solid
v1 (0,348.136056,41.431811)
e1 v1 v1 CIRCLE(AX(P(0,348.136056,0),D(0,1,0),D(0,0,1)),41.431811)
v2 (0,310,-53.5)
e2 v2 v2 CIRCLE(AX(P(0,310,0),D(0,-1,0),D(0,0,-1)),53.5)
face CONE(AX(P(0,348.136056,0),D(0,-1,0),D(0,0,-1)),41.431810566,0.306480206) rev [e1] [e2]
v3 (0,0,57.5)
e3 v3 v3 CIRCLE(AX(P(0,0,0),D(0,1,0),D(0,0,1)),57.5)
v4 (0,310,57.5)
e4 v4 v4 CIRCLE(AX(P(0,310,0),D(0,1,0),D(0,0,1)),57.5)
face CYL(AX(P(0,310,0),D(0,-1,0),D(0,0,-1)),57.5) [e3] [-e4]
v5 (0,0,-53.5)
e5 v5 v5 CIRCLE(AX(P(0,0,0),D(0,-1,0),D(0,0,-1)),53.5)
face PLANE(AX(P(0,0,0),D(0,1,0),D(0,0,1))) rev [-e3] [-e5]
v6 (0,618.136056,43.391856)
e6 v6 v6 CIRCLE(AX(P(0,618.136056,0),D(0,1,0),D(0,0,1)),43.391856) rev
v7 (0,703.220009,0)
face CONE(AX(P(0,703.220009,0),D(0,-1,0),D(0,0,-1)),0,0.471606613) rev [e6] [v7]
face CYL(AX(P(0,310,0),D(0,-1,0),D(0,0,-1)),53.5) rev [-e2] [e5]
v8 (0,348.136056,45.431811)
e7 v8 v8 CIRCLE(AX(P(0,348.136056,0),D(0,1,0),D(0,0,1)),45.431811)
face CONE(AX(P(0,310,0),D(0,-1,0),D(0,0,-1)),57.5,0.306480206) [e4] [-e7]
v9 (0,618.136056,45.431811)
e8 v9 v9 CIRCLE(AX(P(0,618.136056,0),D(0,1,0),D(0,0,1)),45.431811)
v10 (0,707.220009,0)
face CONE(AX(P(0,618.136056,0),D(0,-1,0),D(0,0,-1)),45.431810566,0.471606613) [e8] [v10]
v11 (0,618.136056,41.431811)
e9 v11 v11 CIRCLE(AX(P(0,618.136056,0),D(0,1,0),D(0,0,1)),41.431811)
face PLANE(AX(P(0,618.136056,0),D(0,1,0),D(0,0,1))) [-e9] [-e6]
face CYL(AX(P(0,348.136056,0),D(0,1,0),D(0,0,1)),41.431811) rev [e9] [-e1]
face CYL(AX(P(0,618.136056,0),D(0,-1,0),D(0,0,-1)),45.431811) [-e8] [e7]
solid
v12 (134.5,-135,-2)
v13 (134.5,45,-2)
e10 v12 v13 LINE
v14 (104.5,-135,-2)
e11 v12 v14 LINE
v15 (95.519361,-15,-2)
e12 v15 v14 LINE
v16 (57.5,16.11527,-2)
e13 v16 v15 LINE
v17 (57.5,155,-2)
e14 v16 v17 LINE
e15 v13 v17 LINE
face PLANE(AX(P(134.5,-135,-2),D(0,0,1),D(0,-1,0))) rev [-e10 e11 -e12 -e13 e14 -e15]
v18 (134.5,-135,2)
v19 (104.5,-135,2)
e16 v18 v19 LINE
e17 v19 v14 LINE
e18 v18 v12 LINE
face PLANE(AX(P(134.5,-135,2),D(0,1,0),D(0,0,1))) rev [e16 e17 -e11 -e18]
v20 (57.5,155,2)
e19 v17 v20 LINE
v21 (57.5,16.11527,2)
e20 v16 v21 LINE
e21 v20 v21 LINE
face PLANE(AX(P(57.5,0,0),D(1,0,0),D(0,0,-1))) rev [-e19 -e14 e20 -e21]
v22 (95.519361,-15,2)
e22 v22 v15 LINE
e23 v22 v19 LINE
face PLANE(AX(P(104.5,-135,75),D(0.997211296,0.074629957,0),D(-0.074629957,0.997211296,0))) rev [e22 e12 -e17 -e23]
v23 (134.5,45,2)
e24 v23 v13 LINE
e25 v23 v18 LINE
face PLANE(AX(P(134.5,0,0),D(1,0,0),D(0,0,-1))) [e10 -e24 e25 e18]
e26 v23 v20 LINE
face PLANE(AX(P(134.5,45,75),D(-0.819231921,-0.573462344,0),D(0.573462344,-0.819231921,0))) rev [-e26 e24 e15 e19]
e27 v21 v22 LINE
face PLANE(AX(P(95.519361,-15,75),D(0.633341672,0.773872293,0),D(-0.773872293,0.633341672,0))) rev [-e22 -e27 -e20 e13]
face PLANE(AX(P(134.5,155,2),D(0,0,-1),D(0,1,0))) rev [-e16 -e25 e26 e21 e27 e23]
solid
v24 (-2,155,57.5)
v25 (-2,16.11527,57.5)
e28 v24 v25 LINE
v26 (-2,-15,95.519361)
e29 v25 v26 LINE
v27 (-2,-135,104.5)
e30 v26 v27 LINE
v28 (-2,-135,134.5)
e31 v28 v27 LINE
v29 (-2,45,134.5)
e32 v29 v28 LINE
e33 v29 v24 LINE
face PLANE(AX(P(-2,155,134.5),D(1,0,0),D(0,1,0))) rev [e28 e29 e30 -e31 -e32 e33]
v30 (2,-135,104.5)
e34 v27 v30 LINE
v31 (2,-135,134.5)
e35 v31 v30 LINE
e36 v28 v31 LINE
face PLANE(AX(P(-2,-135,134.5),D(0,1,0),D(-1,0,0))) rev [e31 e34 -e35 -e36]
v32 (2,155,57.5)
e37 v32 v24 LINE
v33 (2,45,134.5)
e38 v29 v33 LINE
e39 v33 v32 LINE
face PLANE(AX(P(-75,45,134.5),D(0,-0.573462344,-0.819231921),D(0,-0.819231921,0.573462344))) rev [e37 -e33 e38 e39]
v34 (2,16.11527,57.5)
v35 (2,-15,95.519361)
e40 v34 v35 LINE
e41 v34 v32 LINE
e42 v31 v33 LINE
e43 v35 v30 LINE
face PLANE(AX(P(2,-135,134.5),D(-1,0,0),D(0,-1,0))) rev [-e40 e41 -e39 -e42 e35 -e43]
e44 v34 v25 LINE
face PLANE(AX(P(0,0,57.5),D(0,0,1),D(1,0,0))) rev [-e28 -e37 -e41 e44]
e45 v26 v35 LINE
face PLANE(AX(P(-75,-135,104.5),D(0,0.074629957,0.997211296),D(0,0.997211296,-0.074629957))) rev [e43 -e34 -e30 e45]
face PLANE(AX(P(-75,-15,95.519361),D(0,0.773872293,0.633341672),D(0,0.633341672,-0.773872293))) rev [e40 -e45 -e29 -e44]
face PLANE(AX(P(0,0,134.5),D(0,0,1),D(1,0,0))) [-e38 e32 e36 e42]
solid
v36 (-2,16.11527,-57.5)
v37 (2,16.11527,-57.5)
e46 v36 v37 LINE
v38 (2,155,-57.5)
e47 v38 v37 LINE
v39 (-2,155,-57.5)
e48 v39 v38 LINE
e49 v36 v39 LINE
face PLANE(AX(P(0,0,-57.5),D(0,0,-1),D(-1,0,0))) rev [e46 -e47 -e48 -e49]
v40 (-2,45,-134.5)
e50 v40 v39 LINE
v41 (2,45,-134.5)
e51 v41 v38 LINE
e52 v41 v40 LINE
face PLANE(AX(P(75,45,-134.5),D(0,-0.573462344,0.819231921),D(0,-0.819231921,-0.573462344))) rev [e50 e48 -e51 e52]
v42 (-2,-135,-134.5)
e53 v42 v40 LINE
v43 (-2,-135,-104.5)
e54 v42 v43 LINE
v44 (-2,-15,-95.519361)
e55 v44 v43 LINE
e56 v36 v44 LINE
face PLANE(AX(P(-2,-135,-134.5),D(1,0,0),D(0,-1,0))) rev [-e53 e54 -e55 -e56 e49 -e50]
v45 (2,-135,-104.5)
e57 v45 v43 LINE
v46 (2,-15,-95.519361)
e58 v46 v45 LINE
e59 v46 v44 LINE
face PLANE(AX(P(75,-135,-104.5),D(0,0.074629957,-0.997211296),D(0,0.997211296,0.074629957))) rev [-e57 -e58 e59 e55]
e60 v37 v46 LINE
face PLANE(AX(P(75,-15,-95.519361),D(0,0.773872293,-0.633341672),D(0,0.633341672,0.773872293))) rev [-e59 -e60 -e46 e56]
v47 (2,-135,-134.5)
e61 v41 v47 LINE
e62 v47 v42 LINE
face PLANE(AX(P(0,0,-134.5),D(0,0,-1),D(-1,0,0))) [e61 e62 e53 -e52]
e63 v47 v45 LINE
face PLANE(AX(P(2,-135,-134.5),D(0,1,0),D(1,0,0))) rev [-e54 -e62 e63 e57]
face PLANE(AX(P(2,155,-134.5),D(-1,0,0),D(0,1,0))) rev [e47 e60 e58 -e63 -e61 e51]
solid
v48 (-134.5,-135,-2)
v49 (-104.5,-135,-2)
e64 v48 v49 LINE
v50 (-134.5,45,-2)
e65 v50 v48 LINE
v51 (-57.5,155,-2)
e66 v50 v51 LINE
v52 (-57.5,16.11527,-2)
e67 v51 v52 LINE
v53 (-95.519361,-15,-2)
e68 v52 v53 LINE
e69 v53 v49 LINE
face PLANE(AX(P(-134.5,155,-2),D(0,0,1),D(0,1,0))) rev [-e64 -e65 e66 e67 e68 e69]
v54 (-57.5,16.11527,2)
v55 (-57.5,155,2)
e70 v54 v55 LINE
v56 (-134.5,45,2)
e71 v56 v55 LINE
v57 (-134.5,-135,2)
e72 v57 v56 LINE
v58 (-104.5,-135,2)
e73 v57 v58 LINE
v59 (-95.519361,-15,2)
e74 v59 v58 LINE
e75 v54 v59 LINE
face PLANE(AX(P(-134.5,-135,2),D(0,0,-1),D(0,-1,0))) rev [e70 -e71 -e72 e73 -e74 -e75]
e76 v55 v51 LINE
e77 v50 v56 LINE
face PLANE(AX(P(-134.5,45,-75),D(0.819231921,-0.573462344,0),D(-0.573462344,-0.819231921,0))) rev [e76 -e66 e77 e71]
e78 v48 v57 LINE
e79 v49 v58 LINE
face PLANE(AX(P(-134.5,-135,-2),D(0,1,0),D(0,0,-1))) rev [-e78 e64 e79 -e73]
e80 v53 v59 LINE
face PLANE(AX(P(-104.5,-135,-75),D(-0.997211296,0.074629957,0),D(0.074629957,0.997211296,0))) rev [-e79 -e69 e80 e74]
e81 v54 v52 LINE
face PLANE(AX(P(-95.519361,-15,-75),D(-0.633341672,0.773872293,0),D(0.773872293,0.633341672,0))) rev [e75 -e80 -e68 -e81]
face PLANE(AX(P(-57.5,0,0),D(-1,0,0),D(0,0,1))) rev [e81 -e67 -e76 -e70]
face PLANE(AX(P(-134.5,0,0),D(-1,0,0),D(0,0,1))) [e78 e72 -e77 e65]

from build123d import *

# Parameters (mm, degrees)
CROQUIS1_R              = 57.5
SALIENTE_EXTRUIR1_DEPTH = 310
CROQUIS3_R              = 53.5
CORTAR_EXTRUIR1_DEPTH   = 310
CROQUIS5_R              = 45.431810566
SALIENTE_EXTRUIR2_DEPTH = 270
CROQUIS6_R              = 41.431810566
CORTAR_EXTRUIR2_DEPTH   = 270
CROQUIS8_W              = 4
CROQUIS8_H              = 290
SALIENTE_EXTRUIR3_DEPTH = 77
CORTAR_EXTRUIR3_DEPTH   = 77
MATRIZC3_COUNT          = 4


with BuildPart() as part:
    # Croquis1 → Saliente-Extruir1 (new body)
    with BuildSketch(Plane(origin=(0, 0, 0), x_dir=(1, 0, 0), z_dir=(0, 1, 0))):
        with Locations(Location((0, 0, 0), (0, 0, 270))):
            Circle(CROQUIS1_R)
    extrude(amount=SALIENTE_EXTRUIR1_DEPTH)

    # Croquis3 → Cortar-Extruir1 (cut)
    with BuildSketch(Plane.XZ):
        with Locations(Location((0, 0, 0), (0, 0, 270))):
            Circle(CROQUIS3_R)
    extrude(amount=-CORTAR_EXTRUIR1_DEPTH, mode=Mode.SUBTRACT)

    # Croquis4 → Revolución1 (revolve)
    with BuildSketch(Plane.XY, mode=Mode.PRIVATE) as revoluci_n1_sk:
        Polygon((53.5, 310), (57.5, 310), (45.431810566, 348.136056479), (41.431810566, 348.136056479), align=None)
    revolve(revoluci_n1_sk.sketch.rotate(Axis((0, 0, 0), (0, 1, 0)), 90), axis=Axis((0, 0, 0), (0, 1, 0)))

    # Croquis5 → Saliente-Extruir2 (add)
    with BuildSketch(Plane(origin=(0, 348.136056479, 0), x_dir=(1, 0, 0), z_dir=(0, 1, 0))):
        with Locations(Location((0, 0, 0), (0, 0, 270))):
            Circle(CROQUIS5_R)
    extrude(amount=SALIENTE_EXTRUIR2_DEPTH)

    # Croquis6 → Cortar-Extruir2 (cut)
    with BuildSketch(Plane(origin=(0, 618.136056479, 0), x_dir=(1, 0, 0), z_dir=(0, 1, 0))):
        with Locations(Location((0, 0, 0), (0, 0, 270))):
            Circle(CROQUIS6_R)
    extrude(amount=-CORTAR_EXTRUIR2_DEPTH, mode=Mode.SUBTRACT)

    # Croquis7 → Revolución2 (revolve)
    with BuildSketch(Plane.XY, mode=Mode.PRIVATE) as revoluci_n2_sk:
        Polygon((0, 707.220008955), (45.431810566, 618.136056479), (43.391855701, 618.136056479), (0, 703.220008955), align=None)
    revolve(revoluci_n2_sk.sketch.rotate(Axis((0, 0, 0), (0, 1, 0)), 90), axis=Axis((0, 0, 0), (0, 1, 0)))


with BuildPart() as body_2:
    # Croquis8 → Saliente-Extruir3 (new body)
    with BuildSketch(Plane(origin=(57.5, 0, 0), x_dir=(0, 0, -1), z_dir=(1, 0, 0))):
        with Locations((0, 10)):
            Rectangle(CROQUIS8_W, CROQUIS8_H)
    extrude(amount=SALIENTE_EXTRUIR3_DEPTH)

    # Croquis10 → Cortar-Extruir3 (cut)
    with BuildSketch(Plane(origin=(0, 0, -2), x_dir=(-1, 0, 0), z_dir=(0, 0, -1))):
        Polygon((-104.5, -135), (-95.519360765, -15), (-57.5, 16.115270239), (-57.5, -135), align=None)
        Polygon((-57.5, 155), (-134.5, 155), (-134.5, 45), align=None)
    extrude(amount=-CORTAR_EXTRUIR3_DEPTH, mode=Mode.SUBTRACT)


with BuildPart() as matrizc3_1:
    # MatrizC3: pattern copy
    add(body_2.part.rotate(Axis((0, 0, 0), (0, 1, 0)), 1 * 360 / MATRIZC3_COUNT))


with BuildPart() as matrizc3_2:
    # MatrizC3: pattern copy
    add(body_2.part.rotate(Axis((0, 0, 0), (0, 1, 0)), 2 * 360 / MATRIZC3_COUNT))


with BuildPart() as matrizc3_3:
    # MatrizC3: pattern copy
    add(body_2.part.rotate(Axis((0, 0, 0), (0, 1, 0)), 3 * 360 / MATRIZC3_COUNT))


solid = Compound([part.part, body_2.part, matrizc3_1.part, matrizc3_2.part, matrizc3_3.part])
